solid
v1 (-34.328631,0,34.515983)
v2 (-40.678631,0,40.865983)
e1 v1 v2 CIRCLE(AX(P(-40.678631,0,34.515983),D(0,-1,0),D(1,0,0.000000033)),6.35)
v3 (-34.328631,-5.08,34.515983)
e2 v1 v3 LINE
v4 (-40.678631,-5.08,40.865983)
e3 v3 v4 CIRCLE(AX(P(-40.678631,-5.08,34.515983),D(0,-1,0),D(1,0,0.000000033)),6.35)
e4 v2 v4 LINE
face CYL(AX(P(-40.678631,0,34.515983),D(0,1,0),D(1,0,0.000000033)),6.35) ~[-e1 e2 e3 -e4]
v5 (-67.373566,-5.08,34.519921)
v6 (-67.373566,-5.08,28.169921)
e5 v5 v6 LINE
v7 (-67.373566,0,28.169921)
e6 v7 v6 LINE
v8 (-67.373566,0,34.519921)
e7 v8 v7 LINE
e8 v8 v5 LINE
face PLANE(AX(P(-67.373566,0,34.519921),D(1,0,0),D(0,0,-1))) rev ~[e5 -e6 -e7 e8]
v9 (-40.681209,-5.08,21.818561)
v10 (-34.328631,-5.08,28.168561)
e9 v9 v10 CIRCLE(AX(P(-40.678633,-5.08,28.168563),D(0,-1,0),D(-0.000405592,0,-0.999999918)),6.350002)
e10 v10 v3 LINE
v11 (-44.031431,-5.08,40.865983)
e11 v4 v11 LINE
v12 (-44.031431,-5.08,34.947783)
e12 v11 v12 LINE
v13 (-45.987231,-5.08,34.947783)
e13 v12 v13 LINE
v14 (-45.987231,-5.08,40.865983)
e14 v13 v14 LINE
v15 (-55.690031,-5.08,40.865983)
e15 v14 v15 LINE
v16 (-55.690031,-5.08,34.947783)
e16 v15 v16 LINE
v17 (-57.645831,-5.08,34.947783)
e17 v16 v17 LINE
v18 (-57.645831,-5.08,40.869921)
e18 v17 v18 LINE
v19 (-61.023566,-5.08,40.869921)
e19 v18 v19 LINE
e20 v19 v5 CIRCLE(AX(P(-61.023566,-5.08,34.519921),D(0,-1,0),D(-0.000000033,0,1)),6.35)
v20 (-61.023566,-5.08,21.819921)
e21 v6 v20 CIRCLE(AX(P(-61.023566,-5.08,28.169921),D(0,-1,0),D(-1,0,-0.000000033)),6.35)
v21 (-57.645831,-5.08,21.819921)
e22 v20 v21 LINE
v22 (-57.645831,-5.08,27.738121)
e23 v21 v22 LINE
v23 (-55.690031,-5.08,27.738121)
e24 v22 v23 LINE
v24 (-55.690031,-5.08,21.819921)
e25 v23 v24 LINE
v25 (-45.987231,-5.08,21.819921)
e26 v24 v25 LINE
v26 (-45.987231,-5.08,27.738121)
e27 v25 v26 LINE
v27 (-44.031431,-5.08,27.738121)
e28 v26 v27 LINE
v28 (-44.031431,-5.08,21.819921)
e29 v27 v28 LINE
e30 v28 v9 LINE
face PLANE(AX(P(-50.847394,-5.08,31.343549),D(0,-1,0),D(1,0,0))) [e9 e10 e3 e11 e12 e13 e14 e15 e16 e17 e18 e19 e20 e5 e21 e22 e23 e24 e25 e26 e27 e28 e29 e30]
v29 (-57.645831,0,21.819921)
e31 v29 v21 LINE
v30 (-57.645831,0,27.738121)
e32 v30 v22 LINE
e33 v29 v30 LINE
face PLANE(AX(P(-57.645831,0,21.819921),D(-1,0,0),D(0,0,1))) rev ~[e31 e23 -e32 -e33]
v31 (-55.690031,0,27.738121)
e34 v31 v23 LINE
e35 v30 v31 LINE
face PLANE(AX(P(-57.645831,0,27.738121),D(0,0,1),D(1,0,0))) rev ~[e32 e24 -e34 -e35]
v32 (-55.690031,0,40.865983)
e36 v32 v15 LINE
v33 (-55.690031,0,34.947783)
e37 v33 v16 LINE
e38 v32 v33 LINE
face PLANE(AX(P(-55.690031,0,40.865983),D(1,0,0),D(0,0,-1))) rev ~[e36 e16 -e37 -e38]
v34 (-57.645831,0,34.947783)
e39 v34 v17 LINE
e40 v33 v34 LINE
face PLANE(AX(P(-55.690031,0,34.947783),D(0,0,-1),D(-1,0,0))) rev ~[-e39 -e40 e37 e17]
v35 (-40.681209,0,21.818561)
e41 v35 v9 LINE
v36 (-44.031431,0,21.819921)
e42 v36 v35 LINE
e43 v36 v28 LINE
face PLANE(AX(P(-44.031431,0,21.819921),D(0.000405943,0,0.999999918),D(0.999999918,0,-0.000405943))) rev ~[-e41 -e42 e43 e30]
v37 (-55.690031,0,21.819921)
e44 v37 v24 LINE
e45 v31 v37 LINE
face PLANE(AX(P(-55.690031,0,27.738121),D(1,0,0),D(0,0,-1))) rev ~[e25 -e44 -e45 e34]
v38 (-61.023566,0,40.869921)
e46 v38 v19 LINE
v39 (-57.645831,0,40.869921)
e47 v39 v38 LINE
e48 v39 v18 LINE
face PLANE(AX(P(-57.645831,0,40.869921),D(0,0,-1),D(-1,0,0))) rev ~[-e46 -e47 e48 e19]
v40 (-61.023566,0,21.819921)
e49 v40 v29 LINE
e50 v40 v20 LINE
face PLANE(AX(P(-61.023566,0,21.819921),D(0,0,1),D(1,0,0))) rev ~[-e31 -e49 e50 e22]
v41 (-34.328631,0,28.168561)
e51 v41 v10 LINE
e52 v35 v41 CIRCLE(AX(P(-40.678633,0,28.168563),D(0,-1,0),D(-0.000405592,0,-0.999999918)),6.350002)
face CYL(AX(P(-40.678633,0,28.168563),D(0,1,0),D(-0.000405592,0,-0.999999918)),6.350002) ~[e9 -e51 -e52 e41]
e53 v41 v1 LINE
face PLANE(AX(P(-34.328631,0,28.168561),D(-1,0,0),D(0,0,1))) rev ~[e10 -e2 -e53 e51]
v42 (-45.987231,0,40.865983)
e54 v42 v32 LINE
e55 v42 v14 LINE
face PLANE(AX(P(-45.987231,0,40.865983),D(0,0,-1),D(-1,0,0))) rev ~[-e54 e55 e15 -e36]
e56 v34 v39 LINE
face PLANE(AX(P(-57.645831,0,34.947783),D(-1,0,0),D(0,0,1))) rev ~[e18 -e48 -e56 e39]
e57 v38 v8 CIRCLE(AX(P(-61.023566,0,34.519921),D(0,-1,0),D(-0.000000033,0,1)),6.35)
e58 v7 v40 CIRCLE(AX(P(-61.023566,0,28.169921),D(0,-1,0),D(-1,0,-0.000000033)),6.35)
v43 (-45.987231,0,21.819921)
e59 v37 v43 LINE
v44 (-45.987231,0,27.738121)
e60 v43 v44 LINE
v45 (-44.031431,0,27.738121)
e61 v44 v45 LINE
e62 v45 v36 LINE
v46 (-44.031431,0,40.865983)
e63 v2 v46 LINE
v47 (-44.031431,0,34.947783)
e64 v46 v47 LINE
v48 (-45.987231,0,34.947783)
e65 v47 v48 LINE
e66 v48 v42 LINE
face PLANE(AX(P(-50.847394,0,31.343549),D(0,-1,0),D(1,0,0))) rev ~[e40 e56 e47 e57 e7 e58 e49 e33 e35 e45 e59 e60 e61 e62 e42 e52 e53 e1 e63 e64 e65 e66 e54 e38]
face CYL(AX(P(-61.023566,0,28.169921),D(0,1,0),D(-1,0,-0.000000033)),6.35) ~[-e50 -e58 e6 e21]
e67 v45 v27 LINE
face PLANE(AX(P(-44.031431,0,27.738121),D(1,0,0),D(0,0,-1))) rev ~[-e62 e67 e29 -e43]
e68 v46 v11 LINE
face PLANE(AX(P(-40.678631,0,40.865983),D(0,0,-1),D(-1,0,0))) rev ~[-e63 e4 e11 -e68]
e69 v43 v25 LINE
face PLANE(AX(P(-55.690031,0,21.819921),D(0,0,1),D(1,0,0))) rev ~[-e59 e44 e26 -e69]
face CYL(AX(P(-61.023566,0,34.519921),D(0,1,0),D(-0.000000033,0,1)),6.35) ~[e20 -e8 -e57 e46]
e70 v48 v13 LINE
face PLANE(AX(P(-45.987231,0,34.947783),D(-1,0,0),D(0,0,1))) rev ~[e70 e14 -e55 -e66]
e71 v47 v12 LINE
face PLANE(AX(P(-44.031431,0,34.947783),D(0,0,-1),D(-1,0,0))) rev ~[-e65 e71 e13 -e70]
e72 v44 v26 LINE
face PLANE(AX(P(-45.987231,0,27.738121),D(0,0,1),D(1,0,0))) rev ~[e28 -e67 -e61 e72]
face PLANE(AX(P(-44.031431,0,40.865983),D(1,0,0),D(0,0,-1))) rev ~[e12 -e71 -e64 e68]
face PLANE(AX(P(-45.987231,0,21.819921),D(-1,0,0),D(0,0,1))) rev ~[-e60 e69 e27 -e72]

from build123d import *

# Parameters (mm, degrees)
F1_DEPTH = 5.08


with BuildPart() as f1:
    # F0 (on Front) → F1 (new body)
    with BuildSketch(Plane.XZ):
        with BuildLine():
            ThreePointArc((-61.023566, 40.869921), (-65.513694, 39.010049), (-67.373566, 34.519921))
            Line((-67.373566, 34.519921), (-67.373566, 28.169921))
            ThreePointArc((-67.373566, 28.169921), (-65.513694, 23.679793), (-61.023566, 21.819921))
            Line((-61.023566, 21.819921), (-57.645831, 21.819921))
            Line((-57.645831, 21.819921), (-57.645831, 27.738121))
            Line((-57.645831, 27.738121), (-55.690031, 27.738121))
            Line((-55.690031, 27.738121), (-55.690031, 21.819921))
            Line((-55.690031, 21.819921), (-45.987231, 21.819921))
            Line((-45.987231, 21.819921), (-45.987231, 27.738121))
            Line((-45.987231, 27.738121), (-44.031431, 27.738121))
            Line((-44.031431, 27.738121), (-44.031431, 21.819921))
            Line((-44.031431, 21.819921), (-40.681209, 21.818561))
            ThreePointArc((-40.681209, 21.818561), (-36.189415, 23.677522), (-34.328631, 28.168561))
            Line((-34.328631, 28.168561), (-34.328631, 34.515983))
            ThreePointArc((-34.328631, 34.515983), (-36.188503, 39.006111), (-40.678631, 40.865983))
            Line((-40.678631, 40.865983), (-44.031431, 40.865983))
            Line((-44.031431, 40.865983), (-44.031431, 34.947783))
            Line((-44.031431, 34.947783), (-45.987231, 34.947783))
            Line((-45.987231, 34.947783), (-45.987231, 40.865983))
            Line((-45.987231, 40.865983), (-55.690031, 40.865983))
            Line((-55.690031, 40.865983), (-55.690031, 34.947783))
            Line((-55.690031, 34.947783), (-57.645831, 34.947783))
            Line((-57.645831, 34.947783), (-57.645831, 40.869921))
            Line((-57.645831, 40.869921), (-61.023566, 40.869921))
        make_face()
    extrude(amount=F1_DEPTH)


solid = f1.part
